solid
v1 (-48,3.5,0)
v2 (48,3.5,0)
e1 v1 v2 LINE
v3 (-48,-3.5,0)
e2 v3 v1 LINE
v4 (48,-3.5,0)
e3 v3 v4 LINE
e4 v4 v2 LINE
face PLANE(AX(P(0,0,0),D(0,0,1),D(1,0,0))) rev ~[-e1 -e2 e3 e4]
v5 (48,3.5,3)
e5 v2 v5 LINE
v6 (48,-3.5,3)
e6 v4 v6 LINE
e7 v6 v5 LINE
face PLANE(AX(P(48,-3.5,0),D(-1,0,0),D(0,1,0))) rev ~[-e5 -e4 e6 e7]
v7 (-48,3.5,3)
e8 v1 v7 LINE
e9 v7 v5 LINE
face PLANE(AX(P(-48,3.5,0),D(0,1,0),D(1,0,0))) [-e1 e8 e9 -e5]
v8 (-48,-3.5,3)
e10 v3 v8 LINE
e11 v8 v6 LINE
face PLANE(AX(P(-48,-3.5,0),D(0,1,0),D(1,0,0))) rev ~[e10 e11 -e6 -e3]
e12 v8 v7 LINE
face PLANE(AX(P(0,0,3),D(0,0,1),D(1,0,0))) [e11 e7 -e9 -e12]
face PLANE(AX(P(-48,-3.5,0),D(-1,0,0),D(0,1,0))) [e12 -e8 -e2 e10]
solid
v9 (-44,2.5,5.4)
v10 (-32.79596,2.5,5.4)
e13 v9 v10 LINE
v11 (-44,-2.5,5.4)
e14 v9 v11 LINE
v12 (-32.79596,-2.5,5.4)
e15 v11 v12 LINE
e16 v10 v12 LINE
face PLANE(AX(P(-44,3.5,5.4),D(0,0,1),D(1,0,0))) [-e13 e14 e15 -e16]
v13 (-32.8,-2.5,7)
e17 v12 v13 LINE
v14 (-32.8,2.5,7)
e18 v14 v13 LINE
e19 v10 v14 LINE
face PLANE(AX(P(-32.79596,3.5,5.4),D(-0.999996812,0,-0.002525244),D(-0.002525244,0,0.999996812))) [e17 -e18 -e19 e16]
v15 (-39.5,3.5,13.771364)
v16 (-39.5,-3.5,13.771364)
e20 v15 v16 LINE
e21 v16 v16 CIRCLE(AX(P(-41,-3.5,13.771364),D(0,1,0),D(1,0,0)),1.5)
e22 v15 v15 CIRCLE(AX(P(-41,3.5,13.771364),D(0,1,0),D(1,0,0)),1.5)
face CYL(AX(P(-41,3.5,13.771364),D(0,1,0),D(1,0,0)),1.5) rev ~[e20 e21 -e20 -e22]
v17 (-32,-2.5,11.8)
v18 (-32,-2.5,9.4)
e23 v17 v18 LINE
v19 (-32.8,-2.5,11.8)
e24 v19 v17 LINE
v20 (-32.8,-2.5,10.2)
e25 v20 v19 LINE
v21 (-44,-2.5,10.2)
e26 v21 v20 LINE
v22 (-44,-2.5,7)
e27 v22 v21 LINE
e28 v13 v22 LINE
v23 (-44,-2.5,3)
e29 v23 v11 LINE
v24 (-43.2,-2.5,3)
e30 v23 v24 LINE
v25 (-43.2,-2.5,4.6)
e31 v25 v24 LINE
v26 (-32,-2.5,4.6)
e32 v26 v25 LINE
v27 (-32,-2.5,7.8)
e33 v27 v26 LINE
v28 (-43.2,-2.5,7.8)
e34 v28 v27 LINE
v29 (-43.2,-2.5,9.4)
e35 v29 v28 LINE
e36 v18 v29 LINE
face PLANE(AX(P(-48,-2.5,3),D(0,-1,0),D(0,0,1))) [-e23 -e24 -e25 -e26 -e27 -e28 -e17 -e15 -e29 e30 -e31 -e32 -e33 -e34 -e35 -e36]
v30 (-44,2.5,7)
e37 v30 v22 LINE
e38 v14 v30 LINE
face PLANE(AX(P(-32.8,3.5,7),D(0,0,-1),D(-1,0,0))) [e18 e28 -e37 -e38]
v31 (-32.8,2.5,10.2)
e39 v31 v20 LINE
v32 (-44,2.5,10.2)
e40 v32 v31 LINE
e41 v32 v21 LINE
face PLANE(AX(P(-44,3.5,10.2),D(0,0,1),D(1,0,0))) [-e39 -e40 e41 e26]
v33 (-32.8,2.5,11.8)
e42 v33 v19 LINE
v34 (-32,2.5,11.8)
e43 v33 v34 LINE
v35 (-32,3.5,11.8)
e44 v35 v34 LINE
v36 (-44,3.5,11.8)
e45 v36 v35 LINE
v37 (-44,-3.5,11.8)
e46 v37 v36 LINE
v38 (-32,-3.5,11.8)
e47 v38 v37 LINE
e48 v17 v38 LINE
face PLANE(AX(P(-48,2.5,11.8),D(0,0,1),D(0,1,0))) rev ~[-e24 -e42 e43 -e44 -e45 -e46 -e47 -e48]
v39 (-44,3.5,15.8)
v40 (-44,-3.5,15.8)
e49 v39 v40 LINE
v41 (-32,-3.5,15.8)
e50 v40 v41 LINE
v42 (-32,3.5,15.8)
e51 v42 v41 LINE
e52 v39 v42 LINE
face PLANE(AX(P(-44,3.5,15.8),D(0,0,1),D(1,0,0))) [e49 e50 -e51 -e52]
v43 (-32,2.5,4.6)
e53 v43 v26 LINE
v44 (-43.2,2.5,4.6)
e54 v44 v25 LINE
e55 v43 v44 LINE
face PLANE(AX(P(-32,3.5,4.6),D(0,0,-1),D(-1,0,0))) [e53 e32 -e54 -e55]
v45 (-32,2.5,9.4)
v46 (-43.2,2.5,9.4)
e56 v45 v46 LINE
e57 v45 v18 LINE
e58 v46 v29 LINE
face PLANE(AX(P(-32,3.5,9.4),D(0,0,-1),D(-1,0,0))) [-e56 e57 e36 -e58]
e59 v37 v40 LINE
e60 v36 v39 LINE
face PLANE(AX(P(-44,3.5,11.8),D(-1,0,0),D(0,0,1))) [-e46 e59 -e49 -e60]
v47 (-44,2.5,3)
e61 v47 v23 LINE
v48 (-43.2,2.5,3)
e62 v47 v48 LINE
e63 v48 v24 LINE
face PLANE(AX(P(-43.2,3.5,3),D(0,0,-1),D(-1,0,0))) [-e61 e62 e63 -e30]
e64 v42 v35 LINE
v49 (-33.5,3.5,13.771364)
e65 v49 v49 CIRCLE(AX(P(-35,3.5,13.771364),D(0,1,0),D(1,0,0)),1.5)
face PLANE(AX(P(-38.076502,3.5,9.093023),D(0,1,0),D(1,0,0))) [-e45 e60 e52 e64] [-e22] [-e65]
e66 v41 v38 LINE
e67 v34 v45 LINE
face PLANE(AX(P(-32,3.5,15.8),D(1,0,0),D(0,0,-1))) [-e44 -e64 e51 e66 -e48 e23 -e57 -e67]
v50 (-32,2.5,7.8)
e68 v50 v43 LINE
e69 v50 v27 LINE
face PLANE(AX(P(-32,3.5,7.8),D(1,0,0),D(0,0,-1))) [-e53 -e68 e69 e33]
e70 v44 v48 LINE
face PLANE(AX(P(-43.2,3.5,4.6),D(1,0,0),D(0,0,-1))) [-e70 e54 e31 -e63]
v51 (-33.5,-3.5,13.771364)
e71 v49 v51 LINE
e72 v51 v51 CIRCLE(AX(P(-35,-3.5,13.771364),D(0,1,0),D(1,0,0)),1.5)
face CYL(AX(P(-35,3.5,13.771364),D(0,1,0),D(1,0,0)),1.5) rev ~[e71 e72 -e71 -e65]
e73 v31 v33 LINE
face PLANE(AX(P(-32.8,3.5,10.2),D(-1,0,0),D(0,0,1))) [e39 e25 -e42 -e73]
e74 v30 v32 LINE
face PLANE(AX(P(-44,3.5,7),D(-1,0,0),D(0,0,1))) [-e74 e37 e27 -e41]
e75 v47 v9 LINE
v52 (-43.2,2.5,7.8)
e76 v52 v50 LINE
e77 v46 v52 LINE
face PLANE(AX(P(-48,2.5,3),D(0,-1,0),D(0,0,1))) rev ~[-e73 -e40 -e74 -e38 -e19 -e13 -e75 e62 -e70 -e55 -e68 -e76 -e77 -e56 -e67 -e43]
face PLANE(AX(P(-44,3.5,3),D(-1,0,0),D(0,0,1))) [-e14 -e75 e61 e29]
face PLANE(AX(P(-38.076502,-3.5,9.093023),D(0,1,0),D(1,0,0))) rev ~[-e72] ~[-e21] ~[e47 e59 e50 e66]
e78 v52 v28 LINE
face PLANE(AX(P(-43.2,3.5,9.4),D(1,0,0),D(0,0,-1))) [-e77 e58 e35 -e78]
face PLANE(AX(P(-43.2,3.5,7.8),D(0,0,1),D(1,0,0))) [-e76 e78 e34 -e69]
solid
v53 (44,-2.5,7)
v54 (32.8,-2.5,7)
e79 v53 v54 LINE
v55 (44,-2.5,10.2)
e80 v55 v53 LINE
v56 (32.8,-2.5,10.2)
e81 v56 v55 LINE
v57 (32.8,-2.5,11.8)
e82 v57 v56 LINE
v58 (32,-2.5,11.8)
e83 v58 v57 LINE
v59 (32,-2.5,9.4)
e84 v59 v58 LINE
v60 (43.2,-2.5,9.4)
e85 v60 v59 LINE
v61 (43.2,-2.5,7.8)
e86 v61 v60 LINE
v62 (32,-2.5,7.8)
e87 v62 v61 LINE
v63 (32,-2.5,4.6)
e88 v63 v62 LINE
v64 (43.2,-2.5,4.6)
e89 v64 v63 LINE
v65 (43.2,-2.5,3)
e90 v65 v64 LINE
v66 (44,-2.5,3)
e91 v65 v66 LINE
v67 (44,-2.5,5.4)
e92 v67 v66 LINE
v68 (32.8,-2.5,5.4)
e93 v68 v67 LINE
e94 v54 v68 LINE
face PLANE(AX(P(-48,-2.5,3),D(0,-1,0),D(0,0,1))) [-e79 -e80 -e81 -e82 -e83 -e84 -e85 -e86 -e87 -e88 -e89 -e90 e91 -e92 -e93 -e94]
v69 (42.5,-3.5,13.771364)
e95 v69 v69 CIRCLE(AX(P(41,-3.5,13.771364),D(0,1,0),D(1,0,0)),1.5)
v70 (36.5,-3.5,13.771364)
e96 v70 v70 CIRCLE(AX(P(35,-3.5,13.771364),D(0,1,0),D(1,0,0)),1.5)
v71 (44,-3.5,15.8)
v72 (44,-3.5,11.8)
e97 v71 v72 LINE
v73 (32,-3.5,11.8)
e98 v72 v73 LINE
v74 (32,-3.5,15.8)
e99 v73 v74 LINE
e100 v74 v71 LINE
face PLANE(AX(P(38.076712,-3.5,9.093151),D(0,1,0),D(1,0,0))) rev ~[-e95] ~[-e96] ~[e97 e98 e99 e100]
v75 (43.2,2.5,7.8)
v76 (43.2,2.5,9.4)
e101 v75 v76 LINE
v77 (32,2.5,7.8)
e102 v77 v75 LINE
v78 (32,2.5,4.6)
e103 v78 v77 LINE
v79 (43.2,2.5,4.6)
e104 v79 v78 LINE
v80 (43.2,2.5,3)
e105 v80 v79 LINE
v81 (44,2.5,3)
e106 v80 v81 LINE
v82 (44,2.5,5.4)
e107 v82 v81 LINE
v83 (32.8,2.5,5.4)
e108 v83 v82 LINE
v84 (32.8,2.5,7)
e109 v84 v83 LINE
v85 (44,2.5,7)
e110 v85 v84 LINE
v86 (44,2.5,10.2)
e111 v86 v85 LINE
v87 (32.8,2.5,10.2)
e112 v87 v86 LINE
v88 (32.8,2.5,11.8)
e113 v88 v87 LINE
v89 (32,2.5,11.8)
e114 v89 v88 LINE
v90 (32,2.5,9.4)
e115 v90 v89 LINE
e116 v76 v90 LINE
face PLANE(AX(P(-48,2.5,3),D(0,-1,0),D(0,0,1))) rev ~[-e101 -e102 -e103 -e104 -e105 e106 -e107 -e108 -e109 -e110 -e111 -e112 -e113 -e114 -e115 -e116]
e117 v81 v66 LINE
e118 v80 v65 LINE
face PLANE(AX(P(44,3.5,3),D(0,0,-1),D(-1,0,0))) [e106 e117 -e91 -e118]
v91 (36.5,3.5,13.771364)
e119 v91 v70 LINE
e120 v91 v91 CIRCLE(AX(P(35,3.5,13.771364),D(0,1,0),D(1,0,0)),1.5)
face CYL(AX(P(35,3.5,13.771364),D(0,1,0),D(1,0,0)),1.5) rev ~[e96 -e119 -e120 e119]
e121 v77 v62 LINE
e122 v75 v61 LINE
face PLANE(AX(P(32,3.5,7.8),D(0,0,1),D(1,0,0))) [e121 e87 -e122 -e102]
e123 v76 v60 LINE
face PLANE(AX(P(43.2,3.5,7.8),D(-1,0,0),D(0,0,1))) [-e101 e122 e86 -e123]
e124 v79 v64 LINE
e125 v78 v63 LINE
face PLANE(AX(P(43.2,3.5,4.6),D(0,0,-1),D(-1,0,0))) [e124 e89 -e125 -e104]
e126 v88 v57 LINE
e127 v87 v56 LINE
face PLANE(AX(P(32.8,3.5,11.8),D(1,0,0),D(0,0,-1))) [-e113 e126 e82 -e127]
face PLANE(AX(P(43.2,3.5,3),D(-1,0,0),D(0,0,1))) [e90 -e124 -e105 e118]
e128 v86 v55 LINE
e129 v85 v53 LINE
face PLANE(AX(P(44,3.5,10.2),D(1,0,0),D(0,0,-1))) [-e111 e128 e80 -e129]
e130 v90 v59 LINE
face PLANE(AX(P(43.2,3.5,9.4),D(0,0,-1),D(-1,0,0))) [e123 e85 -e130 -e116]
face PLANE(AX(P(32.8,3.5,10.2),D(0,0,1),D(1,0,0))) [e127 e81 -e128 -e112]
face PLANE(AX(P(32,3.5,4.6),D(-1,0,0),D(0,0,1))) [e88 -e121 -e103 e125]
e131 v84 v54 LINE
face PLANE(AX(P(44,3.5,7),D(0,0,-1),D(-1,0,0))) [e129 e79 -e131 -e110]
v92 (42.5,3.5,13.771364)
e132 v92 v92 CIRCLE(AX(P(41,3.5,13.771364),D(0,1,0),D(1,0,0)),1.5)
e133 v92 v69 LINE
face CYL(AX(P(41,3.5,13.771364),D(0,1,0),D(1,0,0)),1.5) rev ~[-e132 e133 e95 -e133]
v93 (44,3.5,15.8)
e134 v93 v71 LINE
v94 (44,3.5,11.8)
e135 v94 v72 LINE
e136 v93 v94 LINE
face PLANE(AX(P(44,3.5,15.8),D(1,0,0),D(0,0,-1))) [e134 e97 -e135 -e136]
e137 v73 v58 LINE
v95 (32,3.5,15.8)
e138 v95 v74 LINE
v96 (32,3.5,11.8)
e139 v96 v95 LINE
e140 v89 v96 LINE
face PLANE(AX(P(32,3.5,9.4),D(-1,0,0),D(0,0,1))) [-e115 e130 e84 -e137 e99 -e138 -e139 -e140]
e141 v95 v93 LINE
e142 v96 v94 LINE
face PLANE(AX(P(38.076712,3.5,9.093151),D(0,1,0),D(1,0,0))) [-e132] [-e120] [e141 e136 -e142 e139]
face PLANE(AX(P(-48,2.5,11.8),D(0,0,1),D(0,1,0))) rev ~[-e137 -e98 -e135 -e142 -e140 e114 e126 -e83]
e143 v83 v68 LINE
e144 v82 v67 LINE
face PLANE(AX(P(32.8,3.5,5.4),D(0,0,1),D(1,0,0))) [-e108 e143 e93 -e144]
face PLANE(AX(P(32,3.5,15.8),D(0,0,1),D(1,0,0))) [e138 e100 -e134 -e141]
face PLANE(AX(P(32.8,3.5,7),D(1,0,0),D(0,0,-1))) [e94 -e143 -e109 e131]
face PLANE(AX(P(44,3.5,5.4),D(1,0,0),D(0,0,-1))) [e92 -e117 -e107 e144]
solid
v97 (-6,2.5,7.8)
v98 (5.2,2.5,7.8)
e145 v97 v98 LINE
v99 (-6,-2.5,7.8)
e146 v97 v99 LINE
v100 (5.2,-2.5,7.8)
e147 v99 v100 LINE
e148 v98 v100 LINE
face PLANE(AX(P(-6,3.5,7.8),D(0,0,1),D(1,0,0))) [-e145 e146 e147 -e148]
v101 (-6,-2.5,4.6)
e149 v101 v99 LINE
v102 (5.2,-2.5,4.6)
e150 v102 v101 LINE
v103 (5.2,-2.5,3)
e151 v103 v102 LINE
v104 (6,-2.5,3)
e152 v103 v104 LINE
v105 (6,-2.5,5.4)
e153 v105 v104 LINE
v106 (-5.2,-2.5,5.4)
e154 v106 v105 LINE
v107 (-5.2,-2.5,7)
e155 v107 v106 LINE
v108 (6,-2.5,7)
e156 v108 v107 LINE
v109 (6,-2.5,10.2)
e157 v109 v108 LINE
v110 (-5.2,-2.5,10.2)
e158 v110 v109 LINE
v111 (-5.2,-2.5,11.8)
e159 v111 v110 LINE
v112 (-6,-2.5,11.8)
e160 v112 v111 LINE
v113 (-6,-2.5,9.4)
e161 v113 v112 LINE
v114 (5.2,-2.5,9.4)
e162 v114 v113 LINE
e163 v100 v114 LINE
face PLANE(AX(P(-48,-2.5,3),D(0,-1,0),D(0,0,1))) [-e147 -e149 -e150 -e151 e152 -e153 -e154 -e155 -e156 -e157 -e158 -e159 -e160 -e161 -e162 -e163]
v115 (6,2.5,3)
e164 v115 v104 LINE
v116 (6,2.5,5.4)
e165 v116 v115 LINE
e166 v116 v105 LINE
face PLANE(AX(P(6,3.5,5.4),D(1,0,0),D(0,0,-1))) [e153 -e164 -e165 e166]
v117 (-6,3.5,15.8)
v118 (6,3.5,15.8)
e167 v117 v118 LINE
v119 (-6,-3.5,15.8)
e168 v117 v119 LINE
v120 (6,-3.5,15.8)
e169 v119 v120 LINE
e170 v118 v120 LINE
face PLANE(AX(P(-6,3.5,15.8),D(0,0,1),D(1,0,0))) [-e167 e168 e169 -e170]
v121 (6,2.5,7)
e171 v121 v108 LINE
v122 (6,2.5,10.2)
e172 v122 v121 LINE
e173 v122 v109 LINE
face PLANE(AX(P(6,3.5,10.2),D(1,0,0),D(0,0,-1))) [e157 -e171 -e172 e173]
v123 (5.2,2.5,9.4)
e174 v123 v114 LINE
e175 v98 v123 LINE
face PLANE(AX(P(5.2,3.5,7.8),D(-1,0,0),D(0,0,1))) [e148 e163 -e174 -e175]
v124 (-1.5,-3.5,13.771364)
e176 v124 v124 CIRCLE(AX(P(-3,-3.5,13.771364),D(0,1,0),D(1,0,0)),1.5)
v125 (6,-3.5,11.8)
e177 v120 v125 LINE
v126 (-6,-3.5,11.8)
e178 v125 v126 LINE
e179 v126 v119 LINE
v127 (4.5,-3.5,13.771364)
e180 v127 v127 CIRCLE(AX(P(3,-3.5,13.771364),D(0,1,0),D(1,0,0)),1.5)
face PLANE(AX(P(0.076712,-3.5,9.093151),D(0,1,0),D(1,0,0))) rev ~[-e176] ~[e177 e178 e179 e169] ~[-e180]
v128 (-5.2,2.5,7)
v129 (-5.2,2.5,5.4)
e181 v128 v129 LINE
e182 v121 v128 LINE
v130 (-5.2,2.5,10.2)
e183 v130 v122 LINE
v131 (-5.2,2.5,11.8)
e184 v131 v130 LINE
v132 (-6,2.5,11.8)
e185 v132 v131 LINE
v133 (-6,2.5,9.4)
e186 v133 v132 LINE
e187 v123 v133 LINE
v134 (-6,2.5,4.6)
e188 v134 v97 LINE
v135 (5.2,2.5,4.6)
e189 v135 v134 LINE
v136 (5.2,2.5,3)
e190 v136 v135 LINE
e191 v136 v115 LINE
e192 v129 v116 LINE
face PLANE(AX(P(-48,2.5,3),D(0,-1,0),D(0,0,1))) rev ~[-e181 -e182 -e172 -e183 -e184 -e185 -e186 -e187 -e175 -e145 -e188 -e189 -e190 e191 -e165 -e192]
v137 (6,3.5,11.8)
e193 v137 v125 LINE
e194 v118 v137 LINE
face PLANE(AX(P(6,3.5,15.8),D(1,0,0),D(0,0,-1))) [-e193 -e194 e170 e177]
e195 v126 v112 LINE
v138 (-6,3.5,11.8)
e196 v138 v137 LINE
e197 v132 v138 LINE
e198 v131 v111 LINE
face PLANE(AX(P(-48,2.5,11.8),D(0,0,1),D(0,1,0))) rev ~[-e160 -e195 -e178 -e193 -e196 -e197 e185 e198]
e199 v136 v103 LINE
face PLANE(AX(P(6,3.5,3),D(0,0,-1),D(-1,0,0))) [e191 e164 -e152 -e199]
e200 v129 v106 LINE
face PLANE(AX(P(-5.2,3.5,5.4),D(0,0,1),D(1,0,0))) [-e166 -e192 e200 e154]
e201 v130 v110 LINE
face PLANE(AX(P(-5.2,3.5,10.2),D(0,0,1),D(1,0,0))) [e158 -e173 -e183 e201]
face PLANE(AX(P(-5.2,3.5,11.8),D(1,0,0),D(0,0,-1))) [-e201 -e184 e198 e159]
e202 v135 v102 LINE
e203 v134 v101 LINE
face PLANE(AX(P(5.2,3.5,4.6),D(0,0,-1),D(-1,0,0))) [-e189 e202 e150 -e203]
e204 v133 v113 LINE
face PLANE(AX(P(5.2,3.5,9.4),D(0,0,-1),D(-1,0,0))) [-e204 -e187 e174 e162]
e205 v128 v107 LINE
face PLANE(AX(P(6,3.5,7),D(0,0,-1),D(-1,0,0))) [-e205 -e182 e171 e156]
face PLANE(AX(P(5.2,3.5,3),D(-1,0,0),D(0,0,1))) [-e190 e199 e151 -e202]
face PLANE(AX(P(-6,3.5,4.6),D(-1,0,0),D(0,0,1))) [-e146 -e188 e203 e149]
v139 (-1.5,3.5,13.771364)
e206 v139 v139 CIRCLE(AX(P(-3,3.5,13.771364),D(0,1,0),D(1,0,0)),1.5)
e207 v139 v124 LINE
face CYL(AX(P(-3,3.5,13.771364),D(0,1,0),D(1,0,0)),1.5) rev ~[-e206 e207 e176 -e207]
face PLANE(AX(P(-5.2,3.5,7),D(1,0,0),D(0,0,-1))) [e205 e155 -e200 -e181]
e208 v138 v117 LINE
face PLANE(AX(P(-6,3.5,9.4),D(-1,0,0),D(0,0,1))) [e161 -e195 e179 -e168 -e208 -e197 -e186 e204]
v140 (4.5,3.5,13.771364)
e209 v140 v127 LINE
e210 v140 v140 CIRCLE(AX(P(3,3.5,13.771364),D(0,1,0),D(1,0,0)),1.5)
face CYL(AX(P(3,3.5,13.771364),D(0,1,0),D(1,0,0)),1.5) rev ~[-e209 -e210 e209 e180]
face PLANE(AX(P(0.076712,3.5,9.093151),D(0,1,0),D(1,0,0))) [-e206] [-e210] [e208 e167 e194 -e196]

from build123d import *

# Parameters (mm, degrees)
SKETCH_1_W          = 96
SKETCH_1_H          = 7
EXTRUDE_1_DEPTH     = 3
EXTRUDE_2_DEPTH     = 7
EXTRUDE_2_2_DEPTH   = 7
EXTRUDE_2_3_DEPTH   = 7
SKETCH_3_R          = 1.5
CUT_EXTRUDE_1_DEPTH = 10
SKETCH_4_W          = 8.8
SKETCH_4_H          = 1.825750082
SKETCH_4_H_2        = 1.684722937
CUT_EXTRUDE_2_DEPTH = 107


with BuildPart() as part:
    # 스케치1 → 보스-돌출1 (new body)
    with BuildSketch(Plane.XY):
        Rectangle(SKETCH_1_W, SKETCH_1_H)
    extrude(amount=EXTRUDE_1_DEPTH)


with BuildPart() as body_2:
    # 스케치2 → 보스-돌출2 (new body)
    with BuildSketch(Plane(origin=(0, 3.5, 0), x_dir=(1, 0, 0), z_dir=(0, 1, 0))):
        Polygon((-44, -3), (-44, -5.4), (-32.795959597, -5.4), (-32.8, -7), (-44, -7), (-44, -10.2), (-32.8, -10.2), (-32.8, -11.8), (-44, -11.8), (-44, -15.8), (-32, -15.8), (-32, -9.4), (-43.2, -9.4), (-43.2, -7.8), (-32, -7.8), (-32, -4.6), (-43.2, -4.6), (-43.2, -3), align=None)
    extrude(amount=-EXTRUDE_2_DEPTH)


with BuildPart() as body_3:
    # 스케치2 → Extrude 2 2 (new body)
    with BuildSketch(Plane(origin=(0, 3.5, 0), x_dir=(1, 0, 0), z_dir=(0, 1, 0))):
        Polygon((44, -3), (43.2, -3), (43.2, -4.6), (32, -4.6), (32, -7.8), (43.2, -7.8), (43.2, -9.4), (32, -9.4), (32, -15.8), (44, -15.8), (44, -11.8), (32.8, -11.8), (32.8, -10.2), (44, -10.2), (44, -7), (32.8, -7), (32.8, -5.4), (44, -5.4), align=None)
    extrude(amount=-EXTRUDE_2_2_DEPTH)


with BuildPart() as body_4:
    # 스케치2 → Extrude 2 3 (new body)
    with BuildSketch(Plane(origin=(0, 3.5, 0), x_dir=(1, 0, 0), z_dir=(0, 1, 0))):
        Polygon((6, -3), (5.2, -3), (5.2, -4.6), (-6, -4.6), (-6, -7.8), (5.2, -7.8), (5.2, -9.4), (-6, -9.4), (-6, -15.8), (6, -15.8), (6, -11.8), (-5.2, -11.8), (-5.2, -10.2), (6, -10.2), (6, -7), (-5.2, -7), (-5.2, -5.4), (6, -5.4), align=None)
    extrude(amount=-EXTRUDE_2_3_DEPTH)


with BuildPart() as cut_extrude_1_tool:
    # 스케치3 → 컷-돌출1 (new body)
    with BuildSketch(Plane(origin=(0, 3.5, 0), x_dir=(1, 0, 0), z_dir=(0, 1, 0))):
        with Locations((-41, -13.771363705)):
            Circle(SKETCH_3_R)
        with Locations((-35, -13.771363705)):
            Circle(SKETCH_3_R)
        with Locations((-3, -13.771363705)):
            Circle(SKETCH_3_R)
        with Locations((3, -13.771363705)):
            Circle(SKETCH_3_R)
        with Locations((35, -13.771363705)):
            Circle(SKETCH_3_R)
        with Locations((41, -13.771363705)):
            Circle(SKETCH_3_R)
    extrude(amount=-CUT_EXTRUDE_1_DEPTH)


with BuildPart() as body_2_1:
    add(body_2.part)

    # 컷-돌출1: cut by cut_extrude_1_tool
    add(cut_extrude_1_tool.part, mode=Mode.SUBTRACT)


with BuildPart() as body_3_1:
    add(body_3.part)

    # 컷-돌출1: cut by cut_extrude_1_tool
    add(cut_extrude_1_tool.part, mode=Mode.SUBTRACT)


with BuildPart() as body_4_1:
    add(body_4.part)

    # 컷-돌출1: cut by cut_extrude_1_tool
    add(cut_extrude_1_tool.part, mode=Mode.SUBTRACT)


with BuildPart() as cut_extrude_2_tool:
    # 스케치4 → 컷-돌출2 (new body)
    with BuildSketch(Plane.ZY.offset(48)):
        with Locations((7.4, 3.412875041)):
            Rectangle(SKETCH_4_W, SKETCH_4_H)
        with Locations((7.4, -3.342361469)):
            Rectangle(SKETCH_4_W, SKETCH_4_H_2)
    extrude(amount=-CUT_EXTRUDE_2_DEPTH)


with BuildPart() as body_2_2:
    add(body_2_1.part)

    # 컷-돌출2: cut by cut_extrude_2_tool
    add(cut_extrude_2_tool.part, mode=Mode.SUBTRACT)


with BuildPart() as body_3_2:
    add(body_3_1.part)

    # 컷-돌출2: cut by cut_extrude_2_tool
    add(cut_extrude_2_tool.part, mode=Mode.SUBTRACT)


with BuildPart() as body_4_2:
    add(body_4_1.part)

    # 컷-돌출2: cut by cut_extrude_2_tool
    add(cut_extrude_2_tool.part, mode=Mode.SUBTRACT)


solid = Compound([part.part, body_2_2.part, body_3_2.part, body_4_2.part])
